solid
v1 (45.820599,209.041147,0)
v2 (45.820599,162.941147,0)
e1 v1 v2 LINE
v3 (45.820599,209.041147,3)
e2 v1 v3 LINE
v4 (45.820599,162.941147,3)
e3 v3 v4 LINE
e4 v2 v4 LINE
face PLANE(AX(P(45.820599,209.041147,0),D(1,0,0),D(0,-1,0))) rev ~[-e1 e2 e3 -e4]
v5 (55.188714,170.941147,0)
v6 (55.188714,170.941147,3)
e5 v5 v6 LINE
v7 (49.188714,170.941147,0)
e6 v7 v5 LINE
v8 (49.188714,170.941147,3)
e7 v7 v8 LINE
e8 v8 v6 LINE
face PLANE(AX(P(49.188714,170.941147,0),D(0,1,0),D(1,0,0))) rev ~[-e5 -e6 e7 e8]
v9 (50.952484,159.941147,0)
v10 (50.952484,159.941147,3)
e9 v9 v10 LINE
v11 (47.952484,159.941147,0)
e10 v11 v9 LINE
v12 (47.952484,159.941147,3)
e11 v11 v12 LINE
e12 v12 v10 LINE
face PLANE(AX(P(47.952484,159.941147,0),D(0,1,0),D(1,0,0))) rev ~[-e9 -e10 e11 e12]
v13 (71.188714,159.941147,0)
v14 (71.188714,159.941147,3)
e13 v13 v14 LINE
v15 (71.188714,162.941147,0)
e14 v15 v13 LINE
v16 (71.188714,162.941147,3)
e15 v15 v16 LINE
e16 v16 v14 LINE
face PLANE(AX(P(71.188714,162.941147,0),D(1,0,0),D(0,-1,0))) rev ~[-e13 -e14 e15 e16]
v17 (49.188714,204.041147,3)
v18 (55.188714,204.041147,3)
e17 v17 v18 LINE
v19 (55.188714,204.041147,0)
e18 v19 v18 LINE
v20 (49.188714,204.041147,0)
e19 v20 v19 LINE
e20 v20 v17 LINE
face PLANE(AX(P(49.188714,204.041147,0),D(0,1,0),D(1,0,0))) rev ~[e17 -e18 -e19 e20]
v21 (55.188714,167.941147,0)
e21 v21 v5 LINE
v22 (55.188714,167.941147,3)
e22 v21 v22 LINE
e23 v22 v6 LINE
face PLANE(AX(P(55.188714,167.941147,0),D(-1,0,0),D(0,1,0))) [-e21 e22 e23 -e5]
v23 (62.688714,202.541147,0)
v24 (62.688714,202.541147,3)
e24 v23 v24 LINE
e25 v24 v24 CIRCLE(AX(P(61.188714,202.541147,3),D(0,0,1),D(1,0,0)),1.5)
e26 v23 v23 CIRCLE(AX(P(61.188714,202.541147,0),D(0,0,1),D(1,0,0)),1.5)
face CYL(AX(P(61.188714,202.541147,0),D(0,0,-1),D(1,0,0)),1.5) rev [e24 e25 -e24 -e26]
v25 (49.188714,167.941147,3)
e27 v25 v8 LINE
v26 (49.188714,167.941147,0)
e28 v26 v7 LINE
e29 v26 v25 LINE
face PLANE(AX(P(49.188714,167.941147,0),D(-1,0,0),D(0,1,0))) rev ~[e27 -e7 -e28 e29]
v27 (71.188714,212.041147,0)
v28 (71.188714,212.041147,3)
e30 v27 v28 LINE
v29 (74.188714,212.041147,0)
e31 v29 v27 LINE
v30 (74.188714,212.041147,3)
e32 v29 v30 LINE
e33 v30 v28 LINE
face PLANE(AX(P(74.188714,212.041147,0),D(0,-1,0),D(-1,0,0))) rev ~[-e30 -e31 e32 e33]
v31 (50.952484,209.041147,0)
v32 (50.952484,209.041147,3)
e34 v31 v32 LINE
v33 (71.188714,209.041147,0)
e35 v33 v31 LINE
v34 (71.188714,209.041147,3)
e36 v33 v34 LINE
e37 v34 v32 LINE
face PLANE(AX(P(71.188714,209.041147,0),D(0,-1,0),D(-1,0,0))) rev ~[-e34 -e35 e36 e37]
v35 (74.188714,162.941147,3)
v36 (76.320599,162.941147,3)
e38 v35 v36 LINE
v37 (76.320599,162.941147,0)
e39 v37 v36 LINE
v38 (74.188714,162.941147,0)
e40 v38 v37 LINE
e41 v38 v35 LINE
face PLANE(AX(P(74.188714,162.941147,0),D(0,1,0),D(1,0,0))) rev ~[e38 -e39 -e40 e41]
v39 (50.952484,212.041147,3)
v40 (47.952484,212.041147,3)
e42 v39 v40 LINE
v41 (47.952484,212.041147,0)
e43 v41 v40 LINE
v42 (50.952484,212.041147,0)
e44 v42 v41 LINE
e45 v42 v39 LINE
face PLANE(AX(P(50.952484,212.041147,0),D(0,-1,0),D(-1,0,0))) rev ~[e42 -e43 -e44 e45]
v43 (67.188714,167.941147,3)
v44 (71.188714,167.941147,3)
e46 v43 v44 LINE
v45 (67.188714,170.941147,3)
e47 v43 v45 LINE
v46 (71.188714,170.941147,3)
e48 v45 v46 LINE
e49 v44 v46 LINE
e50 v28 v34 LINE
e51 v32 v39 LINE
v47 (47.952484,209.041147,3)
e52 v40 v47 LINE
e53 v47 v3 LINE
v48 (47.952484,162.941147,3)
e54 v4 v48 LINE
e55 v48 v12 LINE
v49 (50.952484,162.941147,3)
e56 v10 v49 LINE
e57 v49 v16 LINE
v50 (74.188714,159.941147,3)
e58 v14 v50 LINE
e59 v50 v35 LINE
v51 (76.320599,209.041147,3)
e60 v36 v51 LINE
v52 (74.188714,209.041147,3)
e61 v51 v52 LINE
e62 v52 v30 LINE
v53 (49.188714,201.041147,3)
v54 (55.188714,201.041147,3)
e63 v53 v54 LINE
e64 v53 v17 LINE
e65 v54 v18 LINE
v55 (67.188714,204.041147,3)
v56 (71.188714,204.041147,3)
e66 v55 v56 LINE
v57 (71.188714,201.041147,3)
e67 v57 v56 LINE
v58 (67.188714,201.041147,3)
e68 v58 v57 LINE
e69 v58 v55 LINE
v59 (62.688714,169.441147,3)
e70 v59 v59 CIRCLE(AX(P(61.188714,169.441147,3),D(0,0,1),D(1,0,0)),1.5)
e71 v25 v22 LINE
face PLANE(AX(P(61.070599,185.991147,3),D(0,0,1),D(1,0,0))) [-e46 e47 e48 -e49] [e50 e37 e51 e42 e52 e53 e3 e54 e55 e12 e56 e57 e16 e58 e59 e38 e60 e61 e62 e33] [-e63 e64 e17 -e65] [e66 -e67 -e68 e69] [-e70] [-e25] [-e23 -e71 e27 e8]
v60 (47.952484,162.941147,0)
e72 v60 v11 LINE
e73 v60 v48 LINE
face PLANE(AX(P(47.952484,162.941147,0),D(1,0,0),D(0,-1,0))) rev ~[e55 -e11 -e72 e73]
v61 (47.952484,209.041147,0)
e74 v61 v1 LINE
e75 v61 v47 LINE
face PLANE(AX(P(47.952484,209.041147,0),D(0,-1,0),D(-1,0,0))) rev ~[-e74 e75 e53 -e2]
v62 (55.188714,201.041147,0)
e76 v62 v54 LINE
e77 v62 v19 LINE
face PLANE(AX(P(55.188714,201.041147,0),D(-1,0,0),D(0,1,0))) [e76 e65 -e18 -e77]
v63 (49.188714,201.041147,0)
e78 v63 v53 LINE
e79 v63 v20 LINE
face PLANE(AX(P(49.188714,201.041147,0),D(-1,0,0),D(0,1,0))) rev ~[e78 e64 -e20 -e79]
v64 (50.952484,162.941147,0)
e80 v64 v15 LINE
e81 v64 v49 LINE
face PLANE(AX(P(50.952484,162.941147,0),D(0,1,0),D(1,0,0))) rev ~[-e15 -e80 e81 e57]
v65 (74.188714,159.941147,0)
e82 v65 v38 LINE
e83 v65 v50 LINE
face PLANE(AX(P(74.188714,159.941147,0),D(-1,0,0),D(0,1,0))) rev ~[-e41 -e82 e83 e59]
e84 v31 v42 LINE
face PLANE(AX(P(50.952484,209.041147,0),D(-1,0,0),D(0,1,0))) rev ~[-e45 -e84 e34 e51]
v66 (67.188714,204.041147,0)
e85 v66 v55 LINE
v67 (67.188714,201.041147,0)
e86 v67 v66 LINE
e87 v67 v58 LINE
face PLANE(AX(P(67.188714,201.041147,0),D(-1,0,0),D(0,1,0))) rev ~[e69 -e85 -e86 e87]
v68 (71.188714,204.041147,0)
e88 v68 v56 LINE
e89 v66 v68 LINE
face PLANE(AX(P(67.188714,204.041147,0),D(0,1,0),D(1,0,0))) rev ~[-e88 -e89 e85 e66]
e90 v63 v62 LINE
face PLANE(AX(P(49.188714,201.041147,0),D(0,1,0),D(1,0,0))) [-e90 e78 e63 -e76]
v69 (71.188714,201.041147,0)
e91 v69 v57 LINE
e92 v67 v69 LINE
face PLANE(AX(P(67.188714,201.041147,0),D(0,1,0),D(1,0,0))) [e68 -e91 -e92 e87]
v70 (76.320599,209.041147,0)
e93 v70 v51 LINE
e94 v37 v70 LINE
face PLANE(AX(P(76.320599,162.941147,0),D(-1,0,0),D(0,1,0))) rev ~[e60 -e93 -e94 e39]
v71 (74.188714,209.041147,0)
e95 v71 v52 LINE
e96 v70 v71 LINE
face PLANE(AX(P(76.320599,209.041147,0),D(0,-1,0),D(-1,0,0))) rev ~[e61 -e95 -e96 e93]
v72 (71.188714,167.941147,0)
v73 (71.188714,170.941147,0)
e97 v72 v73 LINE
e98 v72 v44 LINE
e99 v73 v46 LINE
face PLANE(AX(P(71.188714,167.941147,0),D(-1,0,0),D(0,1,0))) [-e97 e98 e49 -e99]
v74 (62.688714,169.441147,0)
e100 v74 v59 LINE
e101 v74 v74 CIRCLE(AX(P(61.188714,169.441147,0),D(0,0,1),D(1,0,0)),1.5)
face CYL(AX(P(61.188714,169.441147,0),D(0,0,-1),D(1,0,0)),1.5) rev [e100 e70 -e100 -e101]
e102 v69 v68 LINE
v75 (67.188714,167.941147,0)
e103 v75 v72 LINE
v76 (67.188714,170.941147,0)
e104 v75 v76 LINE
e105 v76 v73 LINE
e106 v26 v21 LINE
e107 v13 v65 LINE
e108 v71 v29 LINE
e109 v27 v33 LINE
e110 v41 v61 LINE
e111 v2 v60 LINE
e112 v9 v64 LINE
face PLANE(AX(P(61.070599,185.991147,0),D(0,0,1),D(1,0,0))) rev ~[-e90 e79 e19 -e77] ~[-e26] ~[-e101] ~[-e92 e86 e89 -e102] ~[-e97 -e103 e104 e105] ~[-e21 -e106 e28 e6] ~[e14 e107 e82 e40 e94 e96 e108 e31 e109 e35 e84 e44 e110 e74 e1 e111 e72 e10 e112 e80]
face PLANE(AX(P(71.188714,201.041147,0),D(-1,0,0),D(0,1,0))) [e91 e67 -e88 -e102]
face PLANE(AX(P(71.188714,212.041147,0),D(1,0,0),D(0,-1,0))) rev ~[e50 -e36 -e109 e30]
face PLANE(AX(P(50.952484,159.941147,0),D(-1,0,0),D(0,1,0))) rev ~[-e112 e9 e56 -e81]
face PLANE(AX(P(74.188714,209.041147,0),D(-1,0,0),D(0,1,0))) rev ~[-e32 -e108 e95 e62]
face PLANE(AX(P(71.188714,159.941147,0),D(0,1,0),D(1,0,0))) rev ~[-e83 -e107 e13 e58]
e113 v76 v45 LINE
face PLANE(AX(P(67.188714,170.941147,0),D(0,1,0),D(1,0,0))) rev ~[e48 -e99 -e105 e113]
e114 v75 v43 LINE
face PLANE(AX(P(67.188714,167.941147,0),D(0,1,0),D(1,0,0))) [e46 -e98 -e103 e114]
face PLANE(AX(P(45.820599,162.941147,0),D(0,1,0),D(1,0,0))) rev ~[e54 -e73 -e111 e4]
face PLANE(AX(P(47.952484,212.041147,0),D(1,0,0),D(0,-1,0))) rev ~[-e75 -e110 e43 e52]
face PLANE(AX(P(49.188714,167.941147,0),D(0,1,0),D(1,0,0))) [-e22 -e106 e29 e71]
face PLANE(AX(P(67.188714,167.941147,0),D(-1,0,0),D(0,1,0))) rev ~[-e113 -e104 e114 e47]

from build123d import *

# Parameters (mm, degrees)
SKETCH1_R           = 1.5
SKETCH1_W           = 6
SKETCH1_H           = 3
SKETCH1_W_2         = 4
BOSS_EXTRUDE1_DEPTH = 3


with BuildPart() as part:
    # Sketch1 → Boss-Extrude1 (new body)
    with BuildSketch(Plane.XY):
        Polygon((71.188714063, 159.941147496), (74.188714063, 159.941147496), (74.188714063, 162.941147496), (76.320599063, 162.941147496), (76.320599063, 209.041147496), (74.188714063, 209.041147496), (74.188714063, 212.041147496), (71.188714063, 212.041147496), (71.188714063, 209.041147496), (50.952483563, 209.041147496), (50.952483563, 212.041147496), (47.952483563, 212.041147496), (47.952483563, 209.041147496), (45.820598563, 209.041147496), (45.820598563, 162.941147496), (47.952483563, 162.941147496), (47.952483563, 159.941147496), (50.952483563, 159.941147496), (50.952483563, 162.941147496), (71.188714063, 162.941147496), align=None)
        with Locations((61.188714063, 202.541147496)):
            Circle(SKETCH1_R, mode=Mode.SUBTRACT)
        with Locations((61.188714063, 169.441147496)):
            Circle(SKETCH1_R, mode=Mode.SUBTRACT)
        with Locations((52.188714063, 202.541147496)):
            Rectangle(SKETCH1_W, SKETCH1_H, mode=Mode.SUBTRACT)
        with Locations((69.188714063, 202.541147496)):
            Rectangle(SKETCH1_W_2, SKETCH1_H, mode=Mode.SUBTRACT)
        with Locations((52.188714063, 169.441147496)):
            Rectangle(SKETCH1_W, SKETCH1_H, mode=Mode.SUBTRACT)
        with Locations((69.188714063, 169.441147496)):
            Rectangle(SKETCH1_W_2, SKETCH1_H, mode=Mode.SUBTRACT)
    extrude(amount=BOSS_EXTRUDE1_DEPTH)


solid = part.part
